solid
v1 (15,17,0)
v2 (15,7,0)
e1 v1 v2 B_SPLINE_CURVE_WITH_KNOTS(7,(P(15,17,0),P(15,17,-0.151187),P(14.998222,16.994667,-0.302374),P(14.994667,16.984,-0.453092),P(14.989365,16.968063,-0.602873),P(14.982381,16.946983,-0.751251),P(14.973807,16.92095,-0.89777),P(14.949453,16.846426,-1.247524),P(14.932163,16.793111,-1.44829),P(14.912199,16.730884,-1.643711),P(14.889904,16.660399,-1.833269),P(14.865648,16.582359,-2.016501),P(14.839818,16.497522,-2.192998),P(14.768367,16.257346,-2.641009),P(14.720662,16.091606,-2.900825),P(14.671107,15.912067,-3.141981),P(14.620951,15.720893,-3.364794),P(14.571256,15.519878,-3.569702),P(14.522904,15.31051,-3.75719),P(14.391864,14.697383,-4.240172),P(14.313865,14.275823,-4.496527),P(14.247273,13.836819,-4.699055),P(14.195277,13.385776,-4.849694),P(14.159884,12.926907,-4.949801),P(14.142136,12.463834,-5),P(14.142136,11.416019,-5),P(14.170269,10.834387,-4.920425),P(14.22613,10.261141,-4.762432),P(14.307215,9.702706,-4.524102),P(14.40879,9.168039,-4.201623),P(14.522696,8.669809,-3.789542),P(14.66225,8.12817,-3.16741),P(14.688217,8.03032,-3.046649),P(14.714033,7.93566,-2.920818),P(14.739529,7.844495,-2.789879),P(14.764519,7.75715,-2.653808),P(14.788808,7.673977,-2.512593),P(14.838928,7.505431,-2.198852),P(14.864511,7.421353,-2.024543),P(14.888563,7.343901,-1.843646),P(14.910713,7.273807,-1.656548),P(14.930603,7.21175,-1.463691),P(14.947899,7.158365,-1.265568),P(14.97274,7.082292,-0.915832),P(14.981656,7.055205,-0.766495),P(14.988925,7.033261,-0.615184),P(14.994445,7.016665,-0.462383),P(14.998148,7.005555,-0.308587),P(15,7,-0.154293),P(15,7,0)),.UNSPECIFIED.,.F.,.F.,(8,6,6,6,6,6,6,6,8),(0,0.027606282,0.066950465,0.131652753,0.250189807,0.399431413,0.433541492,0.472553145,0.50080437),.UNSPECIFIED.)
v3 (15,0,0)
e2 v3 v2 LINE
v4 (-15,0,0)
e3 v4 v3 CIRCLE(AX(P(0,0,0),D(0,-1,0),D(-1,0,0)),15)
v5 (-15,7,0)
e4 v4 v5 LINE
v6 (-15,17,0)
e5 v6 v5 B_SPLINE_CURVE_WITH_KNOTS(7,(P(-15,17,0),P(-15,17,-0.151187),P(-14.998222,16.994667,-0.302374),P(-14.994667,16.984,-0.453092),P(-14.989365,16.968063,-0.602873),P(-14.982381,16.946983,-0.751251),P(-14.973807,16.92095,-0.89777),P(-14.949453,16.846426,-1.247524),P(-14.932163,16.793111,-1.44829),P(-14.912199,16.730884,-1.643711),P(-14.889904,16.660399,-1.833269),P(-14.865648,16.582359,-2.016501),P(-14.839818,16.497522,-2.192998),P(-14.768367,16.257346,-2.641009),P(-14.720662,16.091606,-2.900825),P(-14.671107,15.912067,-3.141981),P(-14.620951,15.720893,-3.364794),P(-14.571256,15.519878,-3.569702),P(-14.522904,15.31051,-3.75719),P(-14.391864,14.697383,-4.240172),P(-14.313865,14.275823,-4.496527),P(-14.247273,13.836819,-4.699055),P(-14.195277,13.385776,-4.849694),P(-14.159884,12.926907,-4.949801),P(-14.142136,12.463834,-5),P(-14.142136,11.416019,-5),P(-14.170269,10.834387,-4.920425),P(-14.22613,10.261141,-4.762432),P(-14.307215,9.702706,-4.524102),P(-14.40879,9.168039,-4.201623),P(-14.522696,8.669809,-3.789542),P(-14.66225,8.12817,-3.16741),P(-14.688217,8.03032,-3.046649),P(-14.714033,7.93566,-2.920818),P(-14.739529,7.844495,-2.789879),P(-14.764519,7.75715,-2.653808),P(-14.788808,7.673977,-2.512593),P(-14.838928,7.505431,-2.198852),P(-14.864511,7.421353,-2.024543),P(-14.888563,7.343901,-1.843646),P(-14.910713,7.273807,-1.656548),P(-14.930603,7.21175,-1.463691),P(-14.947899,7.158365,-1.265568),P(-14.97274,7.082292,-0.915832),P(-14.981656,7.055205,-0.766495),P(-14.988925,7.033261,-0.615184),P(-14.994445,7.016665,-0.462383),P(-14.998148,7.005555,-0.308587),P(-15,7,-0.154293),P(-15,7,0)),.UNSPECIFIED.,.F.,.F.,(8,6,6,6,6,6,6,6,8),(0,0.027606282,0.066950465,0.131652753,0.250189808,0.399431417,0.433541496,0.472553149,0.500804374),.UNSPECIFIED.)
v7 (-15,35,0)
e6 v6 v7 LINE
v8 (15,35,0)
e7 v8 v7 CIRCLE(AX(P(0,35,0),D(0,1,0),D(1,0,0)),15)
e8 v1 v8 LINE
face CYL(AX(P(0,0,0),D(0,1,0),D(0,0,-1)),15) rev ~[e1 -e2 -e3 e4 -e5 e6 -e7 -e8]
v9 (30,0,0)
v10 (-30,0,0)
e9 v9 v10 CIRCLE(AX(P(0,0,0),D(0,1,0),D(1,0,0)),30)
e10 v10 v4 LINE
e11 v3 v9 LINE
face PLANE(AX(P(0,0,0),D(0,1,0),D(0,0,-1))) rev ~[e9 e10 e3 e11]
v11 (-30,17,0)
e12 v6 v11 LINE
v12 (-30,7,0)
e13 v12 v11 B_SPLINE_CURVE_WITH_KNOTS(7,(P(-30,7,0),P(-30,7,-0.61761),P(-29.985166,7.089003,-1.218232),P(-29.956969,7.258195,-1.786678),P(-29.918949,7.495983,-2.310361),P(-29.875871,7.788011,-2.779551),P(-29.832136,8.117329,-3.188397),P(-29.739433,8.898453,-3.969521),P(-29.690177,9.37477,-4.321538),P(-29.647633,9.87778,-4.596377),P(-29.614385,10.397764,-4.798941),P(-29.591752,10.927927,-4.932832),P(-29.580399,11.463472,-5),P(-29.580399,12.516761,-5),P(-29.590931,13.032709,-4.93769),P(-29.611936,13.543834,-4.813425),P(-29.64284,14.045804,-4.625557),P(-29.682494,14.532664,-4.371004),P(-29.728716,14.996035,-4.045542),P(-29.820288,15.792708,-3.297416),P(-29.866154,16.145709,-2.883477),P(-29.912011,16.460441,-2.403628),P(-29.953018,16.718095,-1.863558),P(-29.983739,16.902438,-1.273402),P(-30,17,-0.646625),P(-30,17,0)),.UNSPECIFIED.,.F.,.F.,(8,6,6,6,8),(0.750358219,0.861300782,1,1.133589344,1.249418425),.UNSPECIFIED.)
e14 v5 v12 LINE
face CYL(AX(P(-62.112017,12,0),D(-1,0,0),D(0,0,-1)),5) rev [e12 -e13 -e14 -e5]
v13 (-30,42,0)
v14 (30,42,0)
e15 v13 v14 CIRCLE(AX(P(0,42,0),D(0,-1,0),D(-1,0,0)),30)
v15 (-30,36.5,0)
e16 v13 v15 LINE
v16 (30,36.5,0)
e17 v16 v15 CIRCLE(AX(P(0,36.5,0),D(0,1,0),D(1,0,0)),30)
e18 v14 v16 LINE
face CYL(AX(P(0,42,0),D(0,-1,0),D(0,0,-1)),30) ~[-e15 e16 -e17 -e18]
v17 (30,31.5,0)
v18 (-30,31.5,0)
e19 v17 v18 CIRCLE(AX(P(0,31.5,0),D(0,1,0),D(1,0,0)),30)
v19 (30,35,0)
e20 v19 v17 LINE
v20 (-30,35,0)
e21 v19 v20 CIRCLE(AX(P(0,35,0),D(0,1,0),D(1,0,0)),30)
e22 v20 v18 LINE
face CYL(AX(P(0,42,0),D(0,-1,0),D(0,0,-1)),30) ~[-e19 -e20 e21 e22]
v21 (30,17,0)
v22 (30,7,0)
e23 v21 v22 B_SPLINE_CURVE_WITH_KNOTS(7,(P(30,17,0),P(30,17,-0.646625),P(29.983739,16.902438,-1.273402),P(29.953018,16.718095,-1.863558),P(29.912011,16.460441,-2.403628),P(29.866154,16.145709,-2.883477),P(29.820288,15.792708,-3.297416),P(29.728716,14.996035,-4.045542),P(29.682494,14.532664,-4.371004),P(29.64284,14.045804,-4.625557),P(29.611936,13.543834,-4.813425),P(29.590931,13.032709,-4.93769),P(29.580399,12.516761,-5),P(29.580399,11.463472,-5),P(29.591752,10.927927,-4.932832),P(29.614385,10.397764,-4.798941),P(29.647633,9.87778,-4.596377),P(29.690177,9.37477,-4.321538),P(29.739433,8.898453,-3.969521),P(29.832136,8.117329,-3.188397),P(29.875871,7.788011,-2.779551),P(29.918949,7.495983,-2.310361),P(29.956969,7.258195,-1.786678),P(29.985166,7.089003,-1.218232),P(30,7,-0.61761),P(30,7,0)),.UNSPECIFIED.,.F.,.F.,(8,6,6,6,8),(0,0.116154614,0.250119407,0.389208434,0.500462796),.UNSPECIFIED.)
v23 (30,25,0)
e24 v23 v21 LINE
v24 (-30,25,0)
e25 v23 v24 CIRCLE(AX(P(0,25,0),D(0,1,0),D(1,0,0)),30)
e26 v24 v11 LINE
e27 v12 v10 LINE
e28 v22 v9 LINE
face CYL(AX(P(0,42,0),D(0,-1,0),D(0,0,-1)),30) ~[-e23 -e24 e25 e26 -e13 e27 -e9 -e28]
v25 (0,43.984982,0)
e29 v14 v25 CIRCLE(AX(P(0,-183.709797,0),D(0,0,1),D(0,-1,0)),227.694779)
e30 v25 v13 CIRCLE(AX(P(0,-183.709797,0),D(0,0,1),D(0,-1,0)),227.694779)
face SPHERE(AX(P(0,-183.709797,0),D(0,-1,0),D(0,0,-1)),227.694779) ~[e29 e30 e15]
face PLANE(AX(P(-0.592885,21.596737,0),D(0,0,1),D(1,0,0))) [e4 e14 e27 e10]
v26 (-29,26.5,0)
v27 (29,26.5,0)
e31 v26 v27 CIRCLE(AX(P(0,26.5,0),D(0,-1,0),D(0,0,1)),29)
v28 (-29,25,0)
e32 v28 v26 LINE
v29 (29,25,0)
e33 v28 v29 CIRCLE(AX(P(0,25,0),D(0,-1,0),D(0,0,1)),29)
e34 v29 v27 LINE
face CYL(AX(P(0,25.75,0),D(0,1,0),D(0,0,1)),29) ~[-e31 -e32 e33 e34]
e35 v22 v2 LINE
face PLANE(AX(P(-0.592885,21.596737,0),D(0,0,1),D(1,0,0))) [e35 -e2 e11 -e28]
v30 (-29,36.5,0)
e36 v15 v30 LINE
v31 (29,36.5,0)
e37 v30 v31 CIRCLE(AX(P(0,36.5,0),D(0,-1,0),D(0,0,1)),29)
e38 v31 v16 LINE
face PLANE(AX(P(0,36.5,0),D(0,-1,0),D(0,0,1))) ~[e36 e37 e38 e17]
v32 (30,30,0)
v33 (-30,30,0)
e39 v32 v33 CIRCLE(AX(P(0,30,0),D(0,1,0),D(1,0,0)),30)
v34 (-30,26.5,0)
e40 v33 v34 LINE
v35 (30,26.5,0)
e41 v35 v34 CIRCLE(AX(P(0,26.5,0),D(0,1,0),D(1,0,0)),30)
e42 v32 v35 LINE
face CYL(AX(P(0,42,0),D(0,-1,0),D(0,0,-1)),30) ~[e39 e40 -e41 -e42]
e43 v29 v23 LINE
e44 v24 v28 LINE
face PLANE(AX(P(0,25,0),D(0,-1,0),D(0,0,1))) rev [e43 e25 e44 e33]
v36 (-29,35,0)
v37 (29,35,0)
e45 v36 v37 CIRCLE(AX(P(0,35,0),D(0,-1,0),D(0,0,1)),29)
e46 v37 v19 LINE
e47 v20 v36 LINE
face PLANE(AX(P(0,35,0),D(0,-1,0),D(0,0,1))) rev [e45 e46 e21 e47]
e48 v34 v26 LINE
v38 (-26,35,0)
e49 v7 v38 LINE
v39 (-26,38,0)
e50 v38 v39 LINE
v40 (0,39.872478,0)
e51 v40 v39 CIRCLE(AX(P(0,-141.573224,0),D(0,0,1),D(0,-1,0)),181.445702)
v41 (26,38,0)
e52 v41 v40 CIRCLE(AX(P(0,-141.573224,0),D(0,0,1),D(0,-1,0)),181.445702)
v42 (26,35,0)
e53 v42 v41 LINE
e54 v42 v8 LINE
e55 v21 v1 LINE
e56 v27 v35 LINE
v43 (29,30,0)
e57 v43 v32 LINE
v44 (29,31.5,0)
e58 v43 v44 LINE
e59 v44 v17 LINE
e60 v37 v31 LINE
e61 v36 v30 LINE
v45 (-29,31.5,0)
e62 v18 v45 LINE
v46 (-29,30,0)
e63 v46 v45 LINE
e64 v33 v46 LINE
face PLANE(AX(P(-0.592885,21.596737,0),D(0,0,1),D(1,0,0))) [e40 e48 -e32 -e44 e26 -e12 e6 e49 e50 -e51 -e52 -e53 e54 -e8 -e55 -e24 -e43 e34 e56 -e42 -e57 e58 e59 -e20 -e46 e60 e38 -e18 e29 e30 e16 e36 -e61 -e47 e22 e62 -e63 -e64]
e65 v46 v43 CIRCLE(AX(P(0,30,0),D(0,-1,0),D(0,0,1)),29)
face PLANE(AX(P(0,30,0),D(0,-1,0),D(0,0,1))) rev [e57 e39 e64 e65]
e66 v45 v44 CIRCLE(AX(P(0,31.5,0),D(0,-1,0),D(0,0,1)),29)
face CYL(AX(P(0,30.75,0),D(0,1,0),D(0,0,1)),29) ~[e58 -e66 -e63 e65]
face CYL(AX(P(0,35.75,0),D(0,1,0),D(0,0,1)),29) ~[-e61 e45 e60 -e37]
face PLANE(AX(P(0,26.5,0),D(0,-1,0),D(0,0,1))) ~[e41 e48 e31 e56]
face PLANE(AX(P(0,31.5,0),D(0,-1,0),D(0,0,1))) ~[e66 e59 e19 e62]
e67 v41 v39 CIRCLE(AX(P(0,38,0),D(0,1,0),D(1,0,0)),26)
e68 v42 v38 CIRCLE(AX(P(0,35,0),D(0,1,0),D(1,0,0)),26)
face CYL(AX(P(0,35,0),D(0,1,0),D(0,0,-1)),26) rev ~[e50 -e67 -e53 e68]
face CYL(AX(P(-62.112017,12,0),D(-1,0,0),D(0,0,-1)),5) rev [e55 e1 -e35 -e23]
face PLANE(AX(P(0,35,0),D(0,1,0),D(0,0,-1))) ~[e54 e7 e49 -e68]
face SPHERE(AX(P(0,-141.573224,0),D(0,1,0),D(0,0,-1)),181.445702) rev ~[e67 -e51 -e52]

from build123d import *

# Parameters (mm, degrees)
CUT_EXTRUDE1_DEPTH      = 62.112017288
CUT_EXTRUDE1_DEPTH_BACK = 62.112017288
SKETCH2_R               = 5
SKETCH3_W               = 1
SKETCH3_H               = 1.5
SKETCH4_W               = 103.716801646
SKETCH4_H               = 65.276308729
CUT_EXTRUDE2_DEPTH      = 40


with BuildPart() as part:
    # Sketch1 → Revolve2 (revolve)
    with BuildSketch(Plane.XY):
        with BuildLine():
            Line((15, 35), (15, 0))
            Line((15, 0), (30, 0))
            Line((30, 0), (30, 42))
            ThreePointArc((30, 42), (15.03279876, 43.488194683), (0, 43.984982176))
            Line((0, 43.984982176), (0, 39.872478009))
            ThreePointArc((0, 39.872478009), (13.033669609, 39.403753083), (26, 38))
            Line((26, 38), (26, 35))
            Line((26, 35), (15, 35))
        make_face()
    revolve(axis=Axis((0, 45, 0), (0, 1, 0)))

    # Sketch2 → Cut-Extrude1 (cut, two sides: drawn at the far end of the back side and taken through both)
    with BuildSketch(Plane(origin=(0, 0, 0), x_dir=(0, 0, -1), z_dir=(1, 0, 0)).offset(-CUT_EXTRUDE1_DEPTH_BACK)):
        with Locations((0, 12)):
            Circle(SKETCH2_R)
    extrude(amount=CUT_EXTRUDE1_DEPTH + CUT_EXTRUDE1_DEPTH_BACK, mode=Mode.SUBTRACT)

    # Sketch3 → Cut-Revolve1 (revolve, cut)
    with BuildSketch(Plane(origin=(0, 0, 0), x_dir=(0, 0, -1), z_dir=(1, 0, 0))):
        with Locations((29.5, 35.75)):
            Rectangle(SKETCH3_W, SKETCH3_H)
        with Locations((29.5, 30.75)):
            Rectangle(SKETCH3_W, SKETCH3_H)
        with Locations((29.5, 25.75)):
            Rectangle(SKETCH3_W, SKETCH3_H)
    revolve(axis=Axis((0, 42, 0), (0, -1, 0)), mode=Mode.SUBTRACT)

    # Sketch4 → Cut-Extrude2 (cut)
    with BuildSketch(Plane.XY):
        with Locations((-0.592885071, 21.596736742)):
            Rectangle(SKETCH4_W, SKETCH4_H)
    extrude(amount=CUT_EXTRUDE2_DEPTH, mode=Mode.SUBTRACT)


solid = part.part
